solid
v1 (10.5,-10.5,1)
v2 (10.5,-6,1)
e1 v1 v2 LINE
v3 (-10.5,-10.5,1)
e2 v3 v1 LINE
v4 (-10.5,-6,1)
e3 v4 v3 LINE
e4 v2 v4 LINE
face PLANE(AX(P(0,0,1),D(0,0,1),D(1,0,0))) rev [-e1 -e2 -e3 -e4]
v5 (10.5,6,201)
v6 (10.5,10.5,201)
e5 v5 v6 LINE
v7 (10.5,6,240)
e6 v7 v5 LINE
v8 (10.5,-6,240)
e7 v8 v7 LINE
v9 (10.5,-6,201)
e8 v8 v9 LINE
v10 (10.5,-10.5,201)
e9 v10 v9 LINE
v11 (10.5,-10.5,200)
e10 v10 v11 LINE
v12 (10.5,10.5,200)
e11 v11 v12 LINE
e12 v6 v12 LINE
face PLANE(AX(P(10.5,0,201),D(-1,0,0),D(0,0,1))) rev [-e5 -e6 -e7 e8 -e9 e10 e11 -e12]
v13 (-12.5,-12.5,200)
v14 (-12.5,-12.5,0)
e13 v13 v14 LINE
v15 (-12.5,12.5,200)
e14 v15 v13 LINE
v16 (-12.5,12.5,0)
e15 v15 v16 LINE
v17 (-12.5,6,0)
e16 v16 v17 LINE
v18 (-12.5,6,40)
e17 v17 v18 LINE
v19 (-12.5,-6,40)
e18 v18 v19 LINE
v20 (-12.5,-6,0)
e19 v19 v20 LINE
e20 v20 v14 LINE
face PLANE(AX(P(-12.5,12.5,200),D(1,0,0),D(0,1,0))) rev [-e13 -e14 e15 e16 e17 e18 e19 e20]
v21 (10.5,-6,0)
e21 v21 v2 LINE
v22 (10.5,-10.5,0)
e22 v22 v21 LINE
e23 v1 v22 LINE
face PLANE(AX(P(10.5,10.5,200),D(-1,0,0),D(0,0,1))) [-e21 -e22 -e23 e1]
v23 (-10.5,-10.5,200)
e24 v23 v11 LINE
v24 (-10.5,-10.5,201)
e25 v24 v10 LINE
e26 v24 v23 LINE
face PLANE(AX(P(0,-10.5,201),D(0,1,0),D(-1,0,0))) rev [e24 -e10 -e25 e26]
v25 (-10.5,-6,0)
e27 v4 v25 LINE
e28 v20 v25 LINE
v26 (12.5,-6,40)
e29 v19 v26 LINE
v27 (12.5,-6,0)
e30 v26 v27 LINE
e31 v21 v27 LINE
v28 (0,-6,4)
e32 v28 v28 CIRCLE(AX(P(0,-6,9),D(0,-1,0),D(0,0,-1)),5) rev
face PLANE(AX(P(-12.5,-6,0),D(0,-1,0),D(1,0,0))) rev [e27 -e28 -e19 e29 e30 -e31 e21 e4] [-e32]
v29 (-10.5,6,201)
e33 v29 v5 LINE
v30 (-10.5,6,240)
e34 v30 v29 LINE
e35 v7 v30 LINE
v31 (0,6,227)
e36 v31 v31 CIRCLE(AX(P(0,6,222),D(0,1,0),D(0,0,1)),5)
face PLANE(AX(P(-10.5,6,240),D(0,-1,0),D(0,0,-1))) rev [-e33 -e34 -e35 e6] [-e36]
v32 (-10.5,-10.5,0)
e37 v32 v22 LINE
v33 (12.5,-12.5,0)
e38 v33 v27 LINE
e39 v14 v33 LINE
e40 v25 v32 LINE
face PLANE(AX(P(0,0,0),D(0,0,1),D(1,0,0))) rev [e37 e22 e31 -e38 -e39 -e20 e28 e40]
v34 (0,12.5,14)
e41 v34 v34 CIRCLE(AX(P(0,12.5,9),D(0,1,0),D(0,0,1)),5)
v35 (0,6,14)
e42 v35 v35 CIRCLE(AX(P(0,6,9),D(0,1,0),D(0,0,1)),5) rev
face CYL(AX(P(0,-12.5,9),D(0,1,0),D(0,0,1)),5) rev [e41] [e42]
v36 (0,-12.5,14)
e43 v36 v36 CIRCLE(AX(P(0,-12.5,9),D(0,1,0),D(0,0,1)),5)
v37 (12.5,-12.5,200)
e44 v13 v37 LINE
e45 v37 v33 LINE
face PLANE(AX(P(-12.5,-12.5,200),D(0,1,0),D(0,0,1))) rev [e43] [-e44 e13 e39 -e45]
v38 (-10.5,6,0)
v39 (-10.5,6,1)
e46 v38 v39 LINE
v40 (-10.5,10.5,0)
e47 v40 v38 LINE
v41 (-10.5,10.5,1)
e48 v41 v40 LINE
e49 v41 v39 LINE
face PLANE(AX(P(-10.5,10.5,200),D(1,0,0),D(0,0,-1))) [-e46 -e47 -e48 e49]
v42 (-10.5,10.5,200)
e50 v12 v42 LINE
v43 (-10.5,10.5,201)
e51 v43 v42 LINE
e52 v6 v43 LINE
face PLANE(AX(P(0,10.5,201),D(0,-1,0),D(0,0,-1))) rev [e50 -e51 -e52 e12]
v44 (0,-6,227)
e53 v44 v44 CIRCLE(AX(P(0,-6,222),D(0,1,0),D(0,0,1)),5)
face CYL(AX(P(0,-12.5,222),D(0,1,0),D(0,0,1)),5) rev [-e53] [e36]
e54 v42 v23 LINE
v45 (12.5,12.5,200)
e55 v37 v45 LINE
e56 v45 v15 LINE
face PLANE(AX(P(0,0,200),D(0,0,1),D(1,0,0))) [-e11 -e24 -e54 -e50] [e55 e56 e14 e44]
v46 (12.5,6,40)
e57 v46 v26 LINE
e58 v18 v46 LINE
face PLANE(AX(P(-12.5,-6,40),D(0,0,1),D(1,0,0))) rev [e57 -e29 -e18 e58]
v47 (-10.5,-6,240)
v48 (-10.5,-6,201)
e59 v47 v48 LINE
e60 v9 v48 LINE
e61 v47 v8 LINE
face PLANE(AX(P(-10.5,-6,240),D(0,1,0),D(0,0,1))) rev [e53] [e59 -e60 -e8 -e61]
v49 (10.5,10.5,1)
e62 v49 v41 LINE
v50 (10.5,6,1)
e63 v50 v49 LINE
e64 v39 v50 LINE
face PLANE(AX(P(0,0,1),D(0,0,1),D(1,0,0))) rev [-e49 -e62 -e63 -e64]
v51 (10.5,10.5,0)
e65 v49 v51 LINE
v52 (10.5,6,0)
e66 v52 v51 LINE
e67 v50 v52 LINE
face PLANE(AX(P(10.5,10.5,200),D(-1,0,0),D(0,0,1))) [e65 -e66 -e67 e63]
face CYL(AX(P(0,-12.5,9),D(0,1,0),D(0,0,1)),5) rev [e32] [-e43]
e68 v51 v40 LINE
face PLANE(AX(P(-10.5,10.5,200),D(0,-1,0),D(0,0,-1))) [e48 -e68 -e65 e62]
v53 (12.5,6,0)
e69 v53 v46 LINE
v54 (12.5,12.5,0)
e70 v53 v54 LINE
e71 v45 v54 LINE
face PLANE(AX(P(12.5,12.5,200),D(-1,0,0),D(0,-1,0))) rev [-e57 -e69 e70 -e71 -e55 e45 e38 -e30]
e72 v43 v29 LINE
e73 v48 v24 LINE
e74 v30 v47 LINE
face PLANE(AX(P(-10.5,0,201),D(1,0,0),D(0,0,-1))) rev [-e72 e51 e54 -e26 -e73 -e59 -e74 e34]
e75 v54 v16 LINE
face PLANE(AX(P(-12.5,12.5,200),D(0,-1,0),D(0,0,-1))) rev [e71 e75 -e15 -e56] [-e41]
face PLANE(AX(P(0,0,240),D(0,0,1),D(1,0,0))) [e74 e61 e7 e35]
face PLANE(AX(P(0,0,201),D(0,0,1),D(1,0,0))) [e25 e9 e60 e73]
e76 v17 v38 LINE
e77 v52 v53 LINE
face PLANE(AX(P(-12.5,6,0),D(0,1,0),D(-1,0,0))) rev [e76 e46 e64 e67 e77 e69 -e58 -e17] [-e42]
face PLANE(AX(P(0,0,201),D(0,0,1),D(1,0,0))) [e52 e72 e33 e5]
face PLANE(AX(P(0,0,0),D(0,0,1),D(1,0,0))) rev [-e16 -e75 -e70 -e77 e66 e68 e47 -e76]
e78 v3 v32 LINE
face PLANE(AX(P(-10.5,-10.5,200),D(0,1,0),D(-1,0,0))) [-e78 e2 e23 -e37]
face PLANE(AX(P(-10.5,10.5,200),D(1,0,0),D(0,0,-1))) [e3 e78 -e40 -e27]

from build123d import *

# Parameters (mm, degrees)
SKETCH1_W                = 25
SKETCH1_H                = 25
SKETCH1_W_2              = 21
SKETCH1_H_2              = 21
BOSS_EXTRUDE1_DEPTH      = 200
SKETCH2_W                = 40
SKETCH2_H                = 12
CUT_EXTRUDE1_DEPTH       = 26
SKETCH3_R                = 5
CUT_EXTRUDE2_DEPTH       = 26
BOSS_EXTRUDE2_START      = -40
SKETCH5_W                = 21
SKETCH5_H                = 21
BOSS_EXTRUDE2_DEPTH      = 1
BOSS_EXTRUDE2_DEPTH_BACK = 199
SKETCH3_2_R              = 5
CUT_EXTRUDE4_DEPTH       = 239
SKETCH6_W                = 21
SKETCH6_H                = 12
CUT_EXTRUDE5_DEPTH       = 39
SKETCH8_W                = 21
SKETCH8_H                = 12
BOSS_EXTRUDE3_DEPTH      = 40
SKETCH9_R                = 5
CUT_EXTRUDE6_DEPTH       = 19.5


with BuildPart() as part:
    # Sketch1 → Boss-Extrude1 (new body)
    with BuildSketch(Plane.XY):
        Rectangle(SKETCH1_W, SKETCH1_H)
        Rectangle(SKETCH1_W_2, SKETCH1_H_2, mode=Mode.SUBTRACT)
    extrude(amount=BOSS_EXTRUDE1_DEPTH)

    # Sketch2 → Cut-Extrude1 (cut, through all)
    with BuildSketch(Plane(origin=(12.5, 0, 0), x_dir=(0, 0, -1), z_dir=(1, 0, 0))):
        with Locations((-20, 0)):
            Rectangle(SKETCH2_W, SKETCH2_H)
    extrude(amount=-CUT_EXTRUDE1_DEPTH, mode=Mode.SUBTRACT)

    # Sketch3 → Cut-Extrude2 (cut, through all)
    with BuildSketch(Plane(origin=(0, 12.5, 0), x_dir=(1, 0, 0), z_dir=(0, 1, 0))):
        with Locations((0, -9)):
            Circle(SKETCH3_R)
    extrude(amount=-CUT_EXTRUDE2_DEPTH, mode=Mode.SUBTRACT)

    # Sketch5 → Boss-Extrude2 (add, two sides)
    with BuildSketch(Plane.XY.offset(240).offset(BOSS_EXTRUDE2_START)) as boss_extrude2_sk:
        Rectangle(SKETCH5_W, SKETCH5_H)
    extrude(amount=BOSS_EXTRUDE2_DEPTH)
    extrude(boss_extrude2_sk.sketch, amount=-BOSS_EXTRUDE2_DEPTH_BACK)

    # Sketch3<2> → Cut-Extrude4 (cut)
    with BuildSketch(Plane(origin=(0, 12.5, 0), x_dir=(1, 0, 0), z_dir=(0, 1, 0))):
        with Locations((0, -9)):
            Circle(SKETCH3_2_R)
    extrude(amount=-CUT_EXTRUDE4_DEPTH, mode=Mode.SUBTRACT)

    # Sketch6 → Cut-Extrude5 (cut)
    with BuildSketch(Plane(origin=(0, 0, 1), x_dir=(-1, 0, 0), z_dir=(0, 0, -1))):
        Rectangle(SKETCH6_W, SKETCH6_H)
    extrude(amount=-CUT_EXTRUDE5_DEPTH, mode=Mode.SUBTRACT)

    # Sketch8 → Boss-Extrude3 (add)
    with BuildSketch(Plane.XY.offset(200)):
        Rectangle(SKETCH8_W, SKETCH8_H)
    extrude(amount=BOSS_EXTRUDE3_DEPTH)

    # Sketch9 → Cut-Extrude6 (cut, through all)
    with BuildSketch(Plane(origin=(0, 6, 0), x_dir=(1, 0, 0), z_dir=(0, 1, 0))):
        with Locations((0, -222)):
            Circle(SKETCH9_R)
    extrude(amount=-CUT_EXTRUDE6_DEPTH, mode=Mode.SUBTRACT)


solid = part.part
